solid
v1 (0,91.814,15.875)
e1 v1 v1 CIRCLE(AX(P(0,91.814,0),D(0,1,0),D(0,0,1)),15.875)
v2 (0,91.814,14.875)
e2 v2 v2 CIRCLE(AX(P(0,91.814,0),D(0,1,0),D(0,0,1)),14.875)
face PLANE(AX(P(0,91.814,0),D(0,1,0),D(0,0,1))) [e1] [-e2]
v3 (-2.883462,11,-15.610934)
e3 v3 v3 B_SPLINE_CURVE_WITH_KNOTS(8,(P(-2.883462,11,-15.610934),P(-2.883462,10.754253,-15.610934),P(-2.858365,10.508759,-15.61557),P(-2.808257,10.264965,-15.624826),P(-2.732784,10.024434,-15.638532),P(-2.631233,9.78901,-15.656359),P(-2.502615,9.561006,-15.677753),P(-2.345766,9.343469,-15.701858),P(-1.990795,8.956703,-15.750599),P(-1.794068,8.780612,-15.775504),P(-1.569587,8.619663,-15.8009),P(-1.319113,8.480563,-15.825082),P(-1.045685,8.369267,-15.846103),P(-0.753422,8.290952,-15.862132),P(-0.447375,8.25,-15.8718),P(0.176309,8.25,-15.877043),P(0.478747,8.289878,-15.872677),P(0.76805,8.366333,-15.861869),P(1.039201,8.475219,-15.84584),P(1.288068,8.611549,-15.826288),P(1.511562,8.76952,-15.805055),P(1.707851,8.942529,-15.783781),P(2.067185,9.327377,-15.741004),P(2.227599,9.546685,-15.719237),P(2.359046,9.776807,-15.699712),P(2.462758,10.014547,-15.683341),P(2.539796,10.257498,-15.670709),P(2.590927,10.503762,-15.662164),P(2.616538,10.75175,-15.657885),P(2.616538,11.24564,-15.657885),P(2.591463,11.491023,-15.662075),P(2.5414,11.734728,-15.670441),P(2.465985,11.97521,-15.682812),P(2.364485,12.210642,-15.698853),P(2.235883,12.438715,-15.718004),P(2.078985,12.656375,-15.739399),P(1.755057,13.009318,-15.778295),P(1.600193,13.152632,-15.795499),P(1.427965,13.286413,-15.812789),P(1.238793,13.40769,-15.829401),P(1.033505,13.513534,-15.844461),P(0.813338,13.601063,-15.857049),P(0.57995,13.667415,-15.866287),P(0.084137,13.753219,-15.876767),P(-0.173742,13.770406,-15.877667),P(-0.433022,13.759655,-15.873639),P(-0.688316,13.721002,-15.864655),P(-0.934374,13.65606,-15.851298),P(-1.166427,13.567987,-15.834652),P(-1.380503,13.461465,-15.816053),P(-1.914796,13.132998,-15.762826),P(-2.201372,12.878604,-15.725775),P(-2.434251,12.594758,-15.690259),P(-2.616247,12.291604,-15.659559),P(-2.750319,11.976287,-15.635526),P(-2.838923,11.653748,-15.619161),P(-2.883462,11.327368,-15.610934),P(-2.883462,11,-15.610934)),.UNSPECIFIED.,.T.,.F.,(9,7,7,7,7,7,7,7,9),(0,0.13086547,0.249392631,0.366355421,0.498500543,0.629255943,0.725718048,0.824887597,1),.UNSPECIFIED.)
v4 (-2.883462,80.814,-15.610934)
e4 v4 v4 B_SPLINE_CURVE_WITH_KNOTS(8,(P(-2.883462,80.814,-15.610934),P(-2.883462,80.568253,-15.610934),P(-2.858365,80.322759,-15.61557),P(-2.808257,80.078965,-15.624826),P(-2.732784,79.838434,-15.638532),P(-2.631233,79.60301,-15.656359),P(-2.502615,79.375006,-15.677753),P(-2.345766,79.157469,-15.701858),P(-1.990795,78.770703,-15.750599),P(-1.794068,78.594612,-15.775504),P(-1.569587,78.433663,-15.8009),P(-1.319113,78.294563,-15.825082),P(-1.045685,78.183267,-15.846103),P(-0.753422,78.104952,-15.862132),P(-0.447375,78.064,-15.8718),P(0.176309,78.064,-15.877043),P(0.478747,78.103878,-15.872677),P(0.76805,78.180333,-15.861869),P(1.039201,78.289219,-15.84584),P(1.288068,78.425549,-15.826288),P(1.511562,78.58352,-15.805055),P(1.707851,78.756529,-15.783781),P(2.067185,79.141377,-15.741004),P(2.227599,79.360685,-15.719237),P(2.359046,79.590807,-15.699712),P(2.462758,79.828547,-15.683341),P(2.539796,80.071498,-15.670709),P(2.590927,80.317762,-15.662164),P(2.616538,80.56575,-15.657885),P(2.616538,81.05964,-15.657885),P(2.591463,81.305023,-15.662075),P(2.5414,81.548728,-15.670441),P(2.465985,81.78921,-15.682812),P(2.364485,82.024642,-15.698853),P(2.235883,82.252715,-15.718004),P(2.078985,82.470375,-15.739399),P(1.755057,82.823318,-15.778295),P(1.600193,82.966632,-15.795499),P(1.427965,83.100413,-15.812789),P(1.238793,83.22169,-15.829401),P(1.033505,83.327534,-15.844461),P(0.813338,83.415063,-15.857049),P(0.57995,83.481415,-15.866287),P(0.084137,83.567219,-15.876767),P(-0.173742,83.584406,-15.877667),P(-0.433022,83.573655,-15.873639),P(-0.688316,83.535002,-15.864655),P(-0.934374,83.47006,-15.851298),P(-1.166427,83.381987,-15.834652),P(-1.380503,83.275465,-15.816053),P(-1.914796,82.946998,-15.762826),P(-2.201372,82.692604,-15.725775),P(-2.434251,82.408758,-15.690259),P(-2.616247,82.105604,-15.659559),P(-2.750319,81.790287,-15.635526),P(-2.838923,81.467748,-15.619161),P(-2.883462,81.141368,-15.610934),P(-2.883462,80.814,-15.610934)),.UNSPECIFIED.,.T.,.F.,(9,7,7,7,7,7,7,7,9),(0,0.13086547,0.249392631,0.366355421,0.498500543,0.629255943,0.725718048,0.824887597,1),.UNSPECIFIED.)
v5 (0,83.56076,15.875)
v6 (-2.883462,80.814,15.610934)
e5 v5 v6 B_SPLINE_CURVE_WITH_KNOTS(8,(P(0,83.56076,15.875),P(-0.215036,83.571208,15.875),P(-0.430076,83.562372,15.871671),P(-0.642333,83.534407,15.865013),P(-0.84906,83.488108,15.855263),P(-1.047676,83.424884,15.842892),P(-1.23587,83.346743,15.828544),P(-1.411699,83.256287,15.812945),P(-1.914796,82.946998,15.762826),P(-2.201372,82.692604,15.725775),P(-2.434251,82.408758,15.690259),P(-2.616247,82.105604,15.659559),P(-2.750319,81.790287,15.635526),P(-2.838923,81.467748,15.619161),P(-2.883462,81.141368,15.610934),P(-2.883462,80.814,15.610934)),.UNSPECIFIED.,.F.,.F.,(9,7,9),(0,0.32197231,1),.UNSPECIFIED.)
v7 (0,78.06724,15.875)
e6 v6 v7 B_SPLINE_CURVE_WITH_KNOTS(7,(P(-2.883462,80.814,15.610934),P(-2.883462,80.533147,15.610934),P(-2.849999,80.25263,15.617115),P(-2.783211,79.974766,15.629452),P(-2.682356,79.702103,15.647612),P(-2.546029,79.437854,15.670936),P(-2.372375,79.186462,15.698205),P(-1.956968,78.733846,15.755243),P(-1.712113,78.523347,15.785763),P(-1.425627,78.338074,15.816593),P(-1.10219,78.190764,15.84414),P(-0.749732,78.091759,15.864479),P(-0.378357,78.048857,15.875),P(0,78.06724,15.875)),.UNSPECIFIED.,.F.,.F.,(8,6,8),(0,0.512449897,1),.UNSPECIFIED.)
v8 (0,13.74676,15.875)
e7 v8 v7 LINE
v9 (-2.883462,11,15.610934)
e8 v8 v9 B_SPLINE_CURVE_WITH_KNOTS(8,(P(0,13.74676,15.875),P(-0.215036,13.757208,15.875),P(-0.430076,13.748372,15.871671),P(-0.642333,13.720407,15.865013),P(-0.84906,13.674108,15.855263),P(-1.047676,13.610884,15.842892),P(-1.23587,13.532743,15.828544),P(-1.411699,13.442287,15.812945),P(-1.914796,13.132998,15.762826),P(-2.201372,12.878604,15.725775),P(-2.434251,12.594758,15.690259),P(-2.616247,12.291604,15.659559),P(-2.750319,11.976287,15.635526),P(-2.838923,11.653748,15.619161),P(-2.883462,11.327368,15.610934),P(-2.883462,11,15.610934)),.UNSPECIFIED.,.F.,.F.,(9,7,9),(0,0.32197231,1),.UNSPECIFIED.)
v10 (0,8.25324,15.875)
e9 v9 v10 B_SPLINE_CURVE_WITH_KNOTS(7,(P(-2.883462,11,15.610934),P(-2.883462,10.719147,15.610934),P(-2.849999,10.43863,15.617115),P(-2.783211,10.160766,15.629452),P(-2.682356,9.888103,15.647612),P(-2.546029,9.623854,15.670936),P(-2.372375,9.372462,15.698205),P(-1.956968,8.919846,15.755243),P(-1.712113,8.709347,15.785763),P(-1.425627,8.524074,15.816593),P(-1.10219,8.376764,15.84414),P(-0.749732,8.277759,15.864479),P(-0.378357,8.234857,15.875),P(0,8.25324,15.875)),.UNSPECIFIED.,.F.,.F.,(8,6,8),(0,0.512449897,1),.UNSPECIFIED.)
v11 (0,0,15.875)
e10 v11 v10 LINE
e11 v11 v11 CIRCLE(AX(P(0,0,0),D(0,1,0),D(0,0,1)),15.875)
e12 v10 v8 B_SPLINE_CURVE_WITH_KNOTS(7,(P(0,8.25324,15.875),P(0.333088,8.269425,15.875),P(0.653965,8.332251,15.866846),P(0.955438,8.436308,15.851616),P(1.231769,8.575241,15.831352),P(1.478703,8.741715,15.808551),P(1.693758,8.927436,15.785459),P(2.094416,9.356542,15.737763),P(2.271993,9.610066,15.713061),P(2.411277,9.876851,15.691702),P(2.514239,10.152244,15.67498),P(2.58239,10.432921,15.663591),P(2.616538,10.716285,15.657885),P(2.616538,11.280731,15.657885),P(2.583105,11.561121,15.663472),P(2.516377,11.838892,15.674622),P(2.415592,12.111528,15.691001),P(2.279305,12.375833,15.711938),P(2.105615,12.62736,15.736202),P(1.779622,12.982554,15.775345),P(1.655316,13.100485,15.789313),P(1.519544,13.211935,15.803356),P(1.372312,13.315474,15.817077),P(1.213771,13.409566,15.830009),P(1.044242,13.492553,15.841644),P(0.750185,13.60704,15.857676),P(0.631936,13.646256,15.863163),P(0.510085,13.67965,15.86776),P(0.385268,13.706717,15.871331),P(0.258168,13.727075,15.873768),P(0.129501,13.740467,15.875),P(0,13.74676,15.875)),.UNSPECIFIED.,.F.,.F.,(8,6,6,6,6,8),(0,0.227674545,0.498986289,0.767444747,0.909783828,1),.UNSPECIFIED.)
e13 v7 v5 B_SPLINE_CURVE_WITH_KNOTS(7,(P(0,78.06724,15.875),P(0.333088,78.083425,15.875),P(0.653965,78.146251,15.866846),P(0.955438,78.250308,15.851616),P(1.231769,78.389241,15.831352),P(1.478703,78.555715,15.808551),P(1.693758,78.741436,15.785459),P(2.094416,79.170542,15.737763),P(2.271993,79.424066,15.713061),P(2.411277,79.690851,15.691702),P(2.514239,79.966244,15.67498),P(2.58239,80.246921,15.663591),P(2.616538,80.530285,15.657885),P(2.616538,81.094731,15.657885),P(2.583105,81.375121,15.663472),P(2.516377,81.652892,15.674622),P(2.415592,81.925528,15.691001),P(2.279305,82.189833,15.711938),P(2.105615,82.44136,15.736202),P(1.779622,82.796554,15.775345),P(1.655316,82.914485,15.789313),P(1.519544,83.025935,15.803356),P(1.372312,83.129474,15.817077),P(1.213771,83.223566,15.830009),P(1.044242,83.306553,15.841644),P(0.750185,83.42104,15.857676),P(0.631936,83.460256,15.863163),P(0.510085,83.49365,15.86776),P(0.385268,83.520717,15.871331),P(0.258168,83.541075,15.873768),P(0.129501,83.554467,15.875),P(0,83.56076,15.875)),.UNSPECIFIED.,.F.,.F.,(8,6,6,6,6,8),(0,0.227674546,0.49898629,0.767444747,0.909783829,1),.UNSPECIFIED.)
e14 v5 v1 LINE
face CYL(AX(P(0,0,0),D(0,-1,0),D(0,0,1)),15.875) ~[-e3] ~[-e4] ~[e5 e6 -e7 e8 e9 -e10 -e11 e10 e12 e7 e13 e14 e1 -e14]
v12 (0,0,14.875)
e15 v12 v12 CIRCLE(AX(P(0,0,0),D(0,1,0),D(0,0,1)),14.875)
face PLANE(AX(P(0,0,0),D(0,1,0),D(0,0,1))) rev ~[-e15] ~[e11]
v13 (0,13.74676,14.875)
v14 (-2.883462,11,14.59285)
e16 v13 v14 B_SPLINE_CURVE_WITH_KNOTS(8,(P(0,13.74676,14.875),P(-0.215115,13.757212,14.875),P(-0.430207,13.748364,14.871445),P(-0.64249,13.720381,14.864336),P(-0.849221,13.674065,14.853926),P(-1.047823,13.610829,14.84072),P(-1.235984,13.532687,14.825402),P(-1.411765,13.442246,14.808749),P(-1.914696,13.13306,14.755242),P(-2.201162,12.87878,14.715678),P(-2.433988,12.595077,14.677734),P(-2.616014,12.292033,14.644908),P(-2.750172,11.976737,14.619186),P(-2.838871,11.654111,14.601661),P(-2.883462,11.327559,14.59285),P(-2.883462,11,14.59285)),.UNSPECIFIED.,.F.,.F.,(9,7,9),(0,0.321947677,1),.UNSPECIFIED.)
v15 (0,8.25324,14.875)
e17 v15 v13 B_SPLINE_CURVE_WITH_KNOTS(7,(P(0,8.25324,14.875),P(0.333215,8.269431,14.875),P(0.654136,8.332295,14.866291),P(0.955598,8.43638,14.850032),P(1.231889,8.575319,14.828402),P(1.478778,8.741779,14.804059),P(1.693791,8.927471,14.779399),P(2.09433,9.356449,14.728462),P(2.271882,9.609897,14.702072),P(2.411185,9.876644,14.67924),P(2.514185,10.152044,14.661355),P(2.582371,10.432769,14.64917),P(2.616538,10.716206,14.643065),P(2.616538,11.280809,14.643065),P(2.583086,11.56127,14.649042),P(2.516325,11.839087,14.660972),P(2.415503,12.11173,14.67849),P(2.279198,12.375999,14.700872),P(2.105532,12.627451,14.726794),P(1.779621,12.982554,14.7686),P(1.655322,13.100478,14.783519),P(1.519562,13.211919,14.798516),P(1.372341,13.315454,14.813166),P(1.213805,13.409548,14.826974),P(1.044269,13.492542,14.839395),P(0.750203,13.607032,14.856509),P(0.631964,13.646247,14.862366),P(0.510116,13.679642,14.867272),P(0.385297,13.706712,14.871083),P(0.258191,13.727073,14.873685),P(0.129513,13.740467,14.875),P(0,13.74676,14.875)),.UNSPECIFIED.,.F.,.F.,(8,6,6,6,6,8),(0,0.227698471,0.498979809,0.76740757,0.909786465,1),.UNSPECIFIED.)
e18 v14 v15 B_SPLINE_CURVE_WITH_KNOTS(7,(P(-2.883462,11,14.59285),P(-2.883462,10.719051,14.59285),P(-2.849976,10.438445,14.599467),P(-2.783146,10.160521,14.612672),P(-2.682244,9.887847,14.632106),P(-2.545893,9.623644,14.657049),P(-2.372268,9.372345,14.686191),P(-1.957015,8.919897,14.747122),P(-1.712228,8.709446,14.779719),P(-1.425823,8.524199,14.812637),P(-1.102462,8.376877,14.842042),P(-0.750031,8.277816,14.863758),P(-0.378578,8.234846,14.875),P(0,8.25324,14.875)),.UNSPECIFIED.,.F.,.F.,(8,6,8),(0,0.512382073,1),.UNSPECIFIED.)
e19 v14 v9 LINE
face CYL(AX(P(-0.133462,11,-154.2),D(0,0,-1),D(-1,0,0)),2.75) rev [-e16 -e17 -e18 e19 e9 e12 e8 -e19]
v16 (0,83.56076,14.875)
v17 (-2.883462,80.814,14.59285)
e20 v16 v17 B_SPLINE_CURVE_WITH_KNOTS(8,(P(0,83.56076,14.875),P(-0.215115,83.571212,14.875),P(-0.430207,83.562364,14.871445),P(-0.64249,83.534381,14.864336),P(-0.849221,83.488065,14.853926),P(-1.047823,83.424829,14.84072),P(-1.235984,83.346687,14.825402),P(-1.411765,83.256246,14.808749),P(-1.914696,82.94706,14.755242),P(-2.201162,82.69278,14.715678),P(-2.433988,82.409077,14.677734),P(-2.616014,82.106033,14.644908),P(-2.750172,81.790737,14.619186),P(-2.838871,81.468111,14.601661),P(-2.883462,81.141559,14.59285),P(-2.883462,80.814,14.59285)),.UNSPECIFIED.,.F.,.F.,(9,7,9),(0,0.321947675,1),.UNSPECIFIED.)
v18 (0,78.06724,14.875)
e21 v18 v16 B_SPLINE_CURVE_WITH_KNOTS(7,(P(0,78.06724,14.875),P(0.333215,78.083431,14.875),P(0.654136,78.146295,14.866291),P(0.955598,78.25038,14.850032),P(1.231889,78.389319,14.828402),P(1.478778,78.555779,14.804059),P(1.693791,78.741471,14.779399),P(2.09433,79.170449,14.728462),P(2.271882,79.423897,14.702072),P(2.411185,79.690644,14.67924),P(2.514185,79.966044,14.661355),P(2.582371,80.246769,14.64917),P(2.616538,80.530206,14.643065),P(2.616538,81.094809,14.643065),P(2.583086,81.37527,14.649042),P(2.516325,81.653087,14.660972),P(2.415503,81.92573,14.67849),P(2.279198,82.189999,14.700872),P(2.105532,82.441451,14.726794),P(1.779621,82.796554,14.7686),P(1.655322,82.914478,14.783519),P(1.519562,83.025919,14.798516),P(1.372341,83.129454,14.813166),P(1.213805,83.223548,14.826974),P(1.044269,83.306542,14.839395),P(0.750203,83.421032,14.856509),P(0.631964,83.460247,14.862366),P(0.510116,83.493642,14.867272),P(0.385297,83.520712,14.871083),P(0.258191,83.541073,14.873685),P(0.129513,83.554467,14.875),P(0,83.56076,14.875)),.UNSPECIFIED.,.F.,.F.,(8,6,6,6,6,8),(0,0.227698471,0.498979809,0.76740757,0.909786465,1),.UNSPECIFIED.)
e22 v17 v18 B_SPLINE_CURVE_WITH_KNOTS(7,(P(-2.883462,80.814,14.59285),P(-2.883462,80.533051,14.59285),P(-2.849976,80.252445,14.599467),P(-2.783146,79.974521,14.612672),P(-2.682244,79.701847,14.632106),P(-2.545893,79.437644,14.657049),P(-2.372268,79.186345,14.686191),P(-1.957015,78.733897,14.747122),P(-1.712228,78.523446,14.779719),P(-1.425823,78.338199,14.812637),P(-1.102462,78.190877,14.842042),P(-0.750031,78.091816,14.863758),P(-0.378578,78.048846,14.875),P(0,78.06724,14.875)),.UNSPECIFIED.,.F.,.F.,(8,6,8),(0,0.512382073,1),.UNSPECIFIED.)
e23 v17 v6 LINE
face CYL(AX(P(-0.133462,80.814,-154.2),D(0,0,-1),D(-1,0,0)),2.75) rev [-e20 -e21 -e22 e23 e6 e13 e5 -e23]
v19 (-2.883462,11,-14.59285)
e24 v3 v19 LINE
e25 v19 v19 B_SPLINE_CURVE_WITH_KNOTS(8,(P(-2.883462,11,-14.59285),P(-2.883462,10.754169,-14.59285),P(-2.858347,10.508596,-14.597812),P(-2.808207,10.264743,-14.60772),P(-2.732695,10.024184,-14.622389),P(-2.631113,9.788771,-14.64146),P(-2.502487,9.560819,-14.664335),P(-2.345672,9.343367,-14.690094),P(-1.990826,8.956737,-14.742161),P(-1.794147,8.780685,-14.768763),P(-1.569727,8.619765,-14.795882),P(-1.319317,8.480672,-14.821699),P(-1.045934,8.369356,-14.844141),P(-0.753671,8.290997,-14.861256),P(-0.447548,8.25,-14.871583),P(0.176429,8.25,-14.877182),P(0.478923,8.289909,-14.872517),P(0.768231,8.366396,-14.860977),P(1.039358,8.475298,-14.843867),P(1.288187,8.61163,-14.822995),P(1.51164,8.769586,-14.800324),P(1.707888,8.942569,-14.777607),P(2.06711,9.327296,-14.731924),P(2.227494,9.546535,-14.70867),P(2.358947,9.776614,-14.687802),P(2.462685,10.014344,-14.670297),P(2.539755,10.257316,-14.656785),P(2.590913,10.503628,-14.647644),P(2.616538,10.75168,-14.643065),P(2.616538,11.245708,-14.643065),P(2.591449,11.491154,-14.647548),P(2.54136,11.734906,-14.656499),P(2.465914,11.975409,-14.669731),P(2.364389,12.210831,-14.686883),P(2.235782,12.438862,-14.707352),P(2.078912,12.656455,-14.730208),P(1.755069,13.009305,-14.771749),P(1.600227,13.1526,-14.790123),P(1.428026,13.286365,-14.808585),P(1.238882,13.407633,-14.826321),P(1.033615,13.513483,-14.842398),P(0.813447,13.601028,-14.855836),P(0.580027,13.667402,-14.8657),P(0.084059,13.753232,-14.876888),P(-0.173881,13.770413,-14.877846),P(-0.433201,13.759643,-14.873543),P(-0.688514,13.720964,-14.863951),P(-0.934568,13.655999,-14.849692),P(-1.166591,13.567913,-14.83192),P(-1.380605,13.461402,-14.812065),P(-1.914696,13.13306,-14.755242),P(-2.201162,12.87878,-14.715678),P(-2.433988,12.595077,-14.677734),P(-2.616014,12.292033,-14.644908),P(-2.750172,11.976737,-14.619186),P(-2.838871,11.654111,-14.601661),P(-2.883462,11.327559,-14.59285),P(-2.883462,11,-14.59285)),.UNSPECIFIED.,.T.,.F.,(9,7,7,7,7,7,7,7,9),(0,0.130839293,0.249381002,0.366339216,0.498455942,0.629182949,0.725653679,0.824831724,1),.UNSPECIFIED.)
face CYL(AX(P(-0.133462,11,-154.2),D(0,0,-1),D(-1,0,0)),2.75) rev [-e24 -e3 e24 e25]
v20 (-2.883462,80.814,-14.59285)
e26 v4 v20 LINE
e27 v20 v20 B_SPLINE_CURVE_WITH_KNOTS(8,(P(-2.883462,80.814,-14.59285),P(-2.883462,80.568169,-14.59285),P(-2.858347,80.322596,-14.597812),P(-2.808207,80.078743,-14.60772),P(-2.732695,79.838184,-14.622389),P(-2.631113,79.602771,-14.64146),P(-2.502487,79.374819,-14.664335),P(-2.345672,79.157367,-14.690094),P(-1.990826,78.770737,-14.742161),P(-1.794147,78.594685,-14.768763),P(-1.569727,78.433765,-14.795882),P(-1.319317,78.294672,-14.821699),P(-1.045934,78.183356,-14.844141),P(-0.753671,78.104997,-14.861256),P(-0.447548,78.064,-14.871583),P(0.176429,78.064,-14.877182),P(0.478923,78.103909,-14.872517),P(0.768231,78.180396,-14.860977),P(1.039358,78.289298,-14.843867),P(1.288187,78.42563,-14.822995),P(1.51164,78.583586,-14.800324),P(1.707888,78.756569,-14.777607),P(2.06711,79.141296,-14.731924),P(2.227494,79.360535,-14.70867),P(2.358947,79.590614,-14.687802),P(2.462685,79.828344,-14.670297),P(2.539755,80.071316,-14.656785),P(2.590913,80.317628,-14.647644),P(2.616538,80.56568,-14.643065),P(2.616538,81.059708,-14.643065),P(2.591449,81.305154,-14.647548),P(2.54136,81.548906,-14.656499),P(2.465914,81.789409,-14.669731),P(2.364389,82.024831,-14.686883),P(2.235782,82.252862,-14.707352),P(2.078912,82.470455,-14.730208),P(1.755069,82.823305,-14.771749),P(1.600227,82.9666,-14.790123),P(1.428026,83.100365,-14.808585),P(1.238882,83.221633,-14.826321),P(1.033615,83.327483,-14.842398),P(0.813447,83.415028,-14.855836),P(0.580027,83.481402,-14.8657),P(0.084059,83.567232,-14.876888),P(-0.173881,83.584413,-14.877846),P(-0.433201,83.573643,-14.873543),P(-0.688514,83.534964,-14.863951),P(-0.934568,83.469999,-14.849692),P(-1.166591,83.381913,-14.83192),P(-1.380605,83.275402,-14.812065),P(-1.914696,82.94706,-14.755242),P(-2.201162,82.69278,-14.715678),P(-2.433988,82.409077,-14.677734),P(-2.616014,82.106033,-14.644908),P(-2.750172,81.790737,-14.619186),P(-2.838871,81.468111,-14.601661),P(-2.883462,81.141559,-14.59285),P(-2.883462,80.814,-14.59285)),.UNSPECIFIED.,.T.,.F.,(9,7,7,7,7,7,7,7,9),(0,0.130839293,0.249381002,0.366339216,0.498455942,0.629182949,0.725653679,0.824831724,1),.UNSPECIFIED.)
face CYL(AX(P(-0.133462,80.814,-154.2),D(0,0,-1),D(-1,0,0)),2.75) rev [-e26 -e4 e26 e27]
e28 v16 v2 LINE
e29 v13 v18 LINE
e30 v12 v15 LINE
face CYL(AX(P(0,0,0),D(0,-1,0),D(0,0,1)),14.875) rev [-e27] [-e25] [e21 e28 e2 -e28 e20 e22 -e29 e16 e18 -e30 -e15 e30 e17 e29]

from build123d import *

# Parameters (mm, degrees)
SKETCH1_R               = 15.875
SKETCH1_R_2             = 14.875
BOSS_EXTRUDE1_DEPTH     = 91.814
CUT_EXTRUDE1_DEPTH      = 154.2
CUT_EXTRUDE1_DEPTH_BACK = 154.2
SKETCH2_R               = 2.75


with BuildPart() as part:
    # Sketch1 → Boss-Extrude1 (new body)
    with BuildSketch(Plane(origin=(0, 0, 0), x_dir=(1, 0, 0), z_dir=(0, 1, 0))):
        Circle(SKETCH1_R)
        Circle(SKETCH1_R_2, mode=Mode.SUBTRACT)
    extrude(amount=BOSS_EXTRUDE1_DEPTH)

    # Sketch2 → Cut-Extrude1 (cut, two sides: drawn at the far end of the back side and taken through both)
    with BuildSketch(Plane.XY.offset(-CUT_EXTRUDE1_DEPTH_BACK)):
        with Locations((-0.133461596, 80.814)):
            Circle(SKETCH2_R)
        with Locations((-0.133461596, 11)):
            Circle(SKETCH2_R)
    extrude(amount=CUT_EXTRUDE1_DEPTH + CUT_EXTRUDE1_DEPTH_BACK, mode=Mode.SUBTRACT)


solid = part.part
